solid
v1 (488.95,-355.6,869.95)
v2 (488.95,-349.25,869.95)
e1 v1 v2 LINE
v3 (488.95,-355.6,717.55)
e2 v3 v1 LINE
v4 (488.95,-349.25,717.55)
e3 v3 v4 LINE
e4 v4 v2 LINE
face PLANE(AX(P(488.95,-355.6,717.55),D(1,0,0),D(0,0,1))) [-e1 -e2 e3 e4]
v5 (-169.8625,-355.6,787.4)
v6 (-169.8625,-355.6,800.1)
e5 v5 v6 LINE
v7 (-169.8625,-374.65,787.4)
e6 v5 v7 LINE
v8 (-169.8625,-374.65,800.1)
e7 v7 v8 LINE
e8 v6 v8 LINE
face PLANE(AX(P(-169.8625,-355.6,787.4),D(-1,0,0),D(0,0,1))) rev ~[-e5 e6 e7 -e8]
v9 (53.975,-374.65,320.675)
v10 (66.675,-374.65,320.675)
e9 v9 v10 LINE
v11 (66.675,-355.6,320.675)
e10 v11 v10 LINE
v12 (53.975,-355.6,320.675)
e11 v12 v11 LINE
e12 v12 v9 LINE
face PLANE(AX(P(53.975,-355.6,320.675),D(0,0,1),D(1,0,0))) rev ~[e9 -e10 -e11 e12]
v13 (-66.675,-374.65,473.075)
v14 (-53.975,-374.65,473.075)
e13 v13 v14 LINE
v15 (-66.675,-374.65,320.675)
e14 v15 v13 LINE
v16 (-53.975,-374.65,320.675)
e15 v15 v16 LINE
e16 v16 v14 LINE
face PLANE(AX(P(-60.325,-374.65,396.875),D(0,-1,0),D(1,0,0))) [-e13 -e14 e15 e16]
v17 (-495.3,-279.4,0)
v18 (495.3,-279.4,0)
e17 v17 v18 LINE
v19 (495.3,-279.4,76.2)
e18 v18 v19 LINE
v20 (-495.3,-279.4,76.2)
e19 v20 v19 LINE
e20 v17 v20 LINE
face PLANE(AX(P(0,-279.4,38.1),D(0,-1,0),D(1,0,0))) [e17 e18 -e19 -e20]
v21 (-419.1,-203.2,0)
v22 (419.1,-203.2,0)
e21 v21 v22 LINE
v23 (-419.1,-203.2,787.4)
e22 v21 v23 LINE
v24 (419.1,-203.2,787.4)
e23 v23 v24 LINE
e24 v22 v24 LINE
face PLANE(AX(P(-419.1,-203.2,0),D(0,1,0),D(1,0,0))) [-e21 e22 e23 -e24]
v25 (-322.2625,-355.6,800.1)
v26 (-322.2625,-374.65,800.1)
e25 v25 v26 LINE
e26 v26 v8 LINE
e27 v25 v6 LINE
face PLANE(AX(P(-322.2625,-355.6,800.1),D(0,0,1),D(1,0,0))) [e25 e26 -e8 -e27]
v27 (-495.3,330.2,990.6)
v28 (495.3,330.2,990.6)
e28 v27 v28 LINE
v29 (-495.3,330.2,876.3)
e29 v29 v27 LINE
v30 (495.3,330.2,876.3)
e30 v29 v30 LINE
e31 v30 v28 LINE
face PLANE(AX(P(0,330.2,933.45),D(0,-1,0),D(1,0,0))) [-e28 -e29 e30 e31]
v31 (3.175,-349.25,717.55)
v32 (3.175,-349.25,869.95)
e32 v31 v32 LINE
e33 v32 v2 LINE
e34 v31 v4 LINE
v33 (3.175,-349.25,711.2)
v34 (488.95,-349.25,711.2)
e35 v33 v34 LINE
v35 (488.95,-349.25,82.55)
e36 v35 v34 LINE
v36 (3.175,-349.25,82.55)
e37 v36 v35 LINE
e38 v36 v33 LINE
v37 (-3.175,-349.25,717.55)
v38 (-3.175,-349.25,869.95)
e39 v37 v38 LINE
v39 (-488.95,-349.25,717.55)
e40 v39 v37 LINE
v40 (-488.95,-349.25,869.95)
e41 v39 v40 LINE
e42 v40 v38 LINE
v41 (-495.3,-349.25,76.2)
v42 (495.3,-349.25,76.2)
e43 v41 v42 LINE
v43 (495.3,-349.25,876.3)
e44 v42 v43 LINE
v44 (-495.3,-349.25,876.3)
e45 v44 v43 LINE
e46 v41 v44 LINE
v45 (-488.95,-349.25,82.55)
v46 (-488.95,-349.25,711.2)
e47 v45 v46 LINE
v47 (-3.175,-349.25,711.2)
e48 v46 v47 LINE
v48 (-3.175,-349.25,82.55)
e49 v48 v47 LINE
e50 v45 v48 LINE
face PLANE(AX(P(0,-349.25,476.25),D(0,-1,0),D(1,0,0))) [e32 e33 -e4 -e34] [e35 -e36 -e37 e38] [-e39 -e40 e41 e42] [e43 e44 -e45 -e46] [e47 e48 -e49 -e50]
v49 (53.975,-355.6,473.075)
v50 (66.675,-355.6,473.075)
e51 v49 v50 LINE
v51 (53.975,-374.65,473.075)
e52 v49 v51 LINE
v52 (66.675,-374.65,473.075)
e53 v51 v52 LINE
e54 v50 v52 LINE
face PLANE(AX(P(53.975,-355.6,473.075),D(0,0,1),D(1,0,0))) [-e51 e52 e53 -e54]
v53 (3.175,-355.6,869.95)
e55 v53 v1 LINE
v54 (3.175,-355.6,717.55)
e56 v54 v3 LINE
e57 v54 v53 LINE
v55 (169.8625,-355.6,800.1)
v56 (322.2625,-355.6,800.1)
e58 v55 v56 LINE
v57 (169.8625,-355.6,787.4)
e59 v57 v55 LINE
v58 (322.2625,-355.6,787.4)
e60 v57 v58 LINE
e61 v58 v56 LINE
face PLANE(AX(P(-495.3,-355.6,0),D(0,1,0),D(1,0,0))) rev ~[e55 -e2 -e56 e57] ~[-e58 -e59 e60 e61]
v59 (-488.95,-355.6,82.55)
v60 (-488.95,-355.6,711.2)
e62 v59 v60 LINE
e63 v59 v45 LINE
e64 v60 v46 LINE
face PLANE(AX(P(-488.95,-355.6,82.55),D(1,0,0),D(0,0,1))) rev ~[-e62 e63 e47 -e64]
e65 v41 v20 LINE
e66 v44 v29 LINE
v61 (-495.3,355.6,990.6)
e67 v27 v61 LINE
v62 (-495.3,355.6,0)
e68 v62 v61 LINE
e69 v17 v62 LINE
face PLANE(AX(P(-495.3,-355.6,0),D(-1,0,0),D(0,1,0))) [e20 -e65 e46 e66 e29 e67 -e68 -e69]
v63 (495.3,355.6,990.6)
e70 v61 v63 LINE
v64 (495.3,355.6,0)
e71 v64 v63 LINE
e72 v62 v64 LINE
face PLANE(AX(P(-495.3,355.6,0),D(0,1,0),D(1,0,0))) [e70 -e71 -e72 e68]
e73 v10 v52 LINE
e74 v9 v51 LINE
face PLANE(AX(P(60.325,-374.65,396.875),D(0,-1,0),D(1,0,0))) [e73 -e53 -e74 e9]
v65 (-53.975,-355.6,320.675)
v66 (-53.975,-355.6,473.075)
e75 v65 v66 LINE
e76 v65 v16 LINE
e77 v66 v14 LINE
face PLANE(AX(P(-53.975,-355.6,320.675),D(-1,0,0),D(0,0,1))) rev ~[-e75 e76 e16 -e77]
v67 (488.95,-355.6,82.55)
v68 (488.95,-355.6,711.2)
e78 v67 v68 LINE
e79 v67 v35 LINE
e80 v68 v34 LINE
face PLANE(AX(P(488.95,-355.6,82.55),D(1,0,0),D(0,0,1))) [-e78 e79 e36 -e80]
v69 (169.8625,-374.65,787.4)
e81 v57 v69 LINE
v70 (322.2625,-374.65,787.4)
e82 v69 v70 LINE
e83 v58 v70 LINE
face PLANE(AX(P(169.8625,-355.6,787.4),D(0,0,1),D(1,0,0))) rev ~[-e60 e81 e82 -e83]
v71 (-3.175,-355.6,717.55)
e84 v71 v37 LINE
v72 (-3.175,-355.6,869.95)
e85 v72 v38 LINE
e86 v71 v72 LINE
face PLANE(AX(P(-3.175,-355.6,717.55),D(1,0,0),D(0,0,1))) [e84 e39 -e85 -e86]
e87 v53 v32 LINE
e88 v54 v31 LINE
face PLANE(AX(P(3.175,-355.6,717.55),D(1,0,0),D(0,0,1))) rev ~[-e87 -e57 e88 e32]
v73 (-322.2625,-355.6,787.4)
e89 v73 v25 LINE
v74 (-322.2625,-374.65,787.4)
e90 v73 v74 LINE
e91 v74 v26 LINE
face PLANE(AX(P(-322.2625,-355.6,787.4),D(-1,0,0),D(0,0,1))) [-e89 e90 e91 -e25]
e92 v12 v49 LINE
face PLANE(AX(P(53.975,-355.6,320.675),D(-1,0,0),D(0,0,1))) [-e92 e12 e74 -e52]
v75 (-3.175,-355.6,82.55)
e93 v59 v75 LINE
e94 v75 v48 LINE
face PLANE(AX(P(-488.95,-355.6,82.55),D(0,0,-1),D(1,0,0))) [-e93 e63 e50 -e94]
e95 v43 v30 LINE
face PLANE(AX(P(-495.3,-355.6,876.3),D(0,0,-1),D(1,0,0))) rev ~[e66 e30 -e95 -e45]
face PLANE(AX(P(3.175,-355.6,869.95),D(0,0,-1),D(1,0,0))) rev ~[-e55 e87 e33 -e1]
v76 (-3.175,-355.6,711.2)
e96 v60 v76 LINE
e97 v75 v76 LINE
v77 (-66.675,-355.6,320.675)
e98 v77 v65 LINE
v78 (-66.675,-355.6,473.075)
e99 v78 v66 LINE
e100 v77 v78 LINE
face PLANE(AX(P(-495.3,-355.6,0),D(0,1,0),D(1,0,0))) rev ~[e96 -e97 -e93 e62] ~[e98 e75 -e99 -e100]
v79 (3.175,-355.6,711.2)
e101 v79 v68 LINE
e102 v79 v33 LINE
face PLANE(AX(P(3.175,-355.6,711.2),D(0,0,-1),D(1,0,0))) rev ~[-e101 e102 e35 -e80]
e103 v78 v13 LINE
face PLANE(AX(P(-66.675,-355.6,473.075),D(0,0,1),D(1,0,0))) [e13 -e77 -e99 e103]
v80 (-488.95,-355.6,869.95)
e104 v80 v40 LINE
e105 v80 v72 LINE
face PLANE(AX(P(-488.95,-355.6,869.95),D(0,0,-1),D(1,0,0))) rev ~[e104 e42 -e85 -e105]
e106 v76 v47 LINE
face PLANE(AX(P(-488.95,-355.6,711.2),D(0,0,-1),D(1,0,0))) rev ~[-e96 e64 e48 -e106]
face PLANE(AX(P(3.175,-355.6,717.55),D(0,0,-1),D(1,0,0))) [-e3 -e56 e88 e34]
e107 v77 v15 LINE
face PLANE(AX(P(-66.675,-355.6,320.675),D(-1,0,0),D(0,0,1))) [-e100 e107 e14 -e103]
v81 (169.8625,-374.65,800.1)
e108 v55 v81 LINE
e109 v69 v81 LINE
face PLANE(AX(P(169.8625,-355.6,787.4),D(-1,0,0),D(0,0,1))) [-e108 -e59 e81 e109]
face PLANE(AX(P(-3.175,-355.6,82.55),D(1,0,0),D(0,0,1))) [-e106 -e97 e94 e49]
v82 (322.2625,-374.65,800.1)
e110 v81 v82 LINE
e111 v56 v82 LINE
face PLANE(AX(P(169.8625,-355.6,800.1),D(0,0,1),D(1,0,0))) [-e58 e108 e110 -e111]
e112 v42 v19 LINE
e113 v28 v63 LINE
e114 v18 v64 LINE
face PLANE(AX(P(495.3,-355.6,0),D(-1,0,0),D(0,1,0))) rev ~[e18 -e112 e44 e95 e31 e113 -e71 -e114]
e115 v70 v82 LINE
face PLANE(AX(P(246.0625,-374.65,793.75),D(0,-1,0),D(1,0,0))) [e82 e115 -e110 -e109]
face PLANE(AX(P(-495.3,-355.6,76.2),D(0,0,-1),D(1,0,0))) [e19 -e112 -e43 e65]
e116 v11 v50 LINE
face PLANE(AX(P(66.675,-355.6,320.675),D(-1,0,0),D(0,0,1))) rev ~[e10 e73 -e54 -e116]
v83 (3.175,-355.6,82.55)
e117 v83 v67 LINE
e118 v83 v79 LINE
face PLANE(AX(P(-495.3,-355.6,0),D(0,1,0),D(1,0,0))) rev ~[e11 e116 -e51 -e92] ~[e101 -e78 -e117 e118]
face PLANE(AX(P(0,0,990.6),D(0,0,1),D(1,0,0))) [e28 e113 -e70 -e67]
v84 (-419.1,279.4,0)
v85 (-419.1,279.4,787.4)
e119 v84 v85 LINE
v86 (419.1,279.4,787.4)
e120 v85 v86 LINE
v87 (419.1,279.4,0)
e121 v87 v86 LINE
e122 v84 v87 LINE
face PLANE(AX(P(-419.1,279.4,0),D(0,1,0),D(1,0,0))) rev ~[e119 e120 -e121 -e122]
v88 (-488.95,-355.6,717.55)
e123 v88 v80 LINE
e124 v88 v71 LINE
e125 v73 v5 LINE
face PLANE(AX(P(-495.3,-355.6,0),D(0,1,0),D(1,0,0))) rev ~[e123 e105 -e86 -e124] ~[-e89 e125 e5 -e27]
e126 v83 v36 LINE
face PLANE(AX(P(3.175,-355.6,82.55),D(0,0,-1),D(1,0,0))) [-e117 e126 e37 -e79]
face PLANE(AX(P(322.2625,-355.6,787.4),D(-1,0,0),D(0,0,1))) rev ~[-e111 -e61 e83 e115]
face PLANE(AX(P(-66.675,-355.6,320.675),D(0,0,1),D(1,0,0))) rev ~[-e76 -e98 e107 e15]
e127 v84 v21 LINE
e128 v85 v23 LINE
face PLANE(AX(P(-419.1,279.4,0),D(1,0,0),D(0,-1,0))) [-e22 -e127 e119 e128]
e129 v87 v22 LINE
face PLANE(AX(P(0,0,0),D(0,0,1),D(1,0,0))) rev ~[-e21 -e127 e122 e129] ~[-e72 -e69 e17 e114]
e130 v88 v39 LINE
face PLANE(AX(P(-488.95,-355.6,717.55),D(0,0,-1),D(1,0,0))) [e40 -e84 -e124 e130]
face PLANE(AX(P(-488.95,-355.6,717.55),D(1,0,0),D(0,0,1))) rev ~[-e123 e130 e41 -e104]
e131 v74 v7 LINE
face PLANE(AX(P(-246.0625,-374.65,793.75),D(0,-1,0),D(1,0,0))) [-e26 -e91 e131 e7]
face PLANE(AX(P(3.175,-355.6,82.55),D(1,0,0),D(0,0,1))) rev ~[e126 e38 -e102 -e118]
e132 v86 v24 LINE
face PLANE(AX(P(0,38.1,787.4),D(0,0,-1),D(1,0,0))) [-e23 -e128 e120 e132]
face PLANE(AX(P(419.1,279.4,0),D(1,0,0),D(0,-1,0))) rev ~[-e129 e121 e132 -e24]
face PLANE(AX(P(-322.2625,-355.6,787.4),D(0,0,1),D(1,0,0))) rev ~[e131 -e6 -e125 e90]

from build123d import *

# Parameters (mm, degrees)
F0_W     = 990.6
F0_H     = 711.2
F1_DEPTH = 990.6
F2_W     = 990.6
F2_H     = 114.3
F3_DEPTH = 685.8
F2_H_2   = 800.1
F2_W_2   = 485.775
F2_H_3   = 628.65
F2_H_4   = 152.4
F4_DEPTH = 6.35
F2_H_5   = 76.2
F5_DEPTH = 76.2
F2_W_3   = 152.4
F2_H_6   = 12.7
F2_W_4   = 12.7
F6_DEPTH = 19.05
F7_W     = 838.2
F7_H     = 482.6
F8_DEPTH = 787.4


with BuildPart() as f1:
    # F0 (on Top) → F1 (new body)
    with BuildSketch(Plane.XY):
        Rectangle(F0_W, F0_H)
    extrude(amount=F1_DEPTH)

    # F2 (on face) → F3 (cut)
    with BuildSketch(Plane.XZ.offset(355.6)):
        with Locations((0, 933.45)):
            Rectangle(F2_W, F2_H)
    extrude(amount=-F3_DEPTH, mode=Mode.SUBTRACT)

    # F2 (on face) → F4 (cut)
    with BuildSketch(Plane.XZ.offset(355.6)):
        with Locations((0, 476.25)):
            Rectangle(F2_W, F2_H_2)
        with Locations((-246.0625, 396.875)):
            Rectangle(F2_W_2, F2_H_3, mode=Mode.SUBTRACT)
        with Locations((246.0625, 396.875)):
            Rectangle(F2_W_2, F2_H_3, mode=Mode.SUBTRACT)
        with Locations((-246.0625, 793.75)):
            Rectangle(F2_W_2, F2_H_4, mode=Mode.SUBTRACT)
        with Locations((246.0625, 793.75)):
            Rectangle(F2_W_2, F2_H_4, mode=Mode.SUBTRACT)
    extrude(amount=-F4_DEPTH, mode=Mode.SUBTRACT)

    # F2 (on face) → F5 (cut)
    with BuildSketch(Plane.XZ.offset(355.6)):
        with Locations((0, 38.1)):
            Rectangle(F2_W, F2_H_5)
    extrude(amount=-F5_DEPTH, mode=Mode.SUBTRACT)

    # F2 (on face) → F6 (join)
    with BuildSketch(Plane.XZ.offset(355.6)):
        with Locations((-246.0625, 793.75)):
            Rectangle(F2_W_3, F2_H_6)
        with Locations((246.0625, 793.75)):
            Rectangle(F2_W_3, F2_H_6)
        with Locations((60.325, 396.875)):
            Rectangle(F2_W_4, F2_H_4)
        with Locations((-60.325, 396.875)):
            Rectangle(F2_W_4, F2_H_4)
    extrude(amount=F6_DEPTH)

    # F7 (on face) → F8 (cut)
    with BuildSketch(Plane(origin=(0, 0, 0), x_dir=(1, 0, 0), z_dir=(0, 0, -1))):
        with Locations((0, -38.1)):
            Rectangle(F7_W, F7_H)
    extrude(amount=-F8_DEPTH, mode=Mode.SUBTRACT)


solid = f1.part
